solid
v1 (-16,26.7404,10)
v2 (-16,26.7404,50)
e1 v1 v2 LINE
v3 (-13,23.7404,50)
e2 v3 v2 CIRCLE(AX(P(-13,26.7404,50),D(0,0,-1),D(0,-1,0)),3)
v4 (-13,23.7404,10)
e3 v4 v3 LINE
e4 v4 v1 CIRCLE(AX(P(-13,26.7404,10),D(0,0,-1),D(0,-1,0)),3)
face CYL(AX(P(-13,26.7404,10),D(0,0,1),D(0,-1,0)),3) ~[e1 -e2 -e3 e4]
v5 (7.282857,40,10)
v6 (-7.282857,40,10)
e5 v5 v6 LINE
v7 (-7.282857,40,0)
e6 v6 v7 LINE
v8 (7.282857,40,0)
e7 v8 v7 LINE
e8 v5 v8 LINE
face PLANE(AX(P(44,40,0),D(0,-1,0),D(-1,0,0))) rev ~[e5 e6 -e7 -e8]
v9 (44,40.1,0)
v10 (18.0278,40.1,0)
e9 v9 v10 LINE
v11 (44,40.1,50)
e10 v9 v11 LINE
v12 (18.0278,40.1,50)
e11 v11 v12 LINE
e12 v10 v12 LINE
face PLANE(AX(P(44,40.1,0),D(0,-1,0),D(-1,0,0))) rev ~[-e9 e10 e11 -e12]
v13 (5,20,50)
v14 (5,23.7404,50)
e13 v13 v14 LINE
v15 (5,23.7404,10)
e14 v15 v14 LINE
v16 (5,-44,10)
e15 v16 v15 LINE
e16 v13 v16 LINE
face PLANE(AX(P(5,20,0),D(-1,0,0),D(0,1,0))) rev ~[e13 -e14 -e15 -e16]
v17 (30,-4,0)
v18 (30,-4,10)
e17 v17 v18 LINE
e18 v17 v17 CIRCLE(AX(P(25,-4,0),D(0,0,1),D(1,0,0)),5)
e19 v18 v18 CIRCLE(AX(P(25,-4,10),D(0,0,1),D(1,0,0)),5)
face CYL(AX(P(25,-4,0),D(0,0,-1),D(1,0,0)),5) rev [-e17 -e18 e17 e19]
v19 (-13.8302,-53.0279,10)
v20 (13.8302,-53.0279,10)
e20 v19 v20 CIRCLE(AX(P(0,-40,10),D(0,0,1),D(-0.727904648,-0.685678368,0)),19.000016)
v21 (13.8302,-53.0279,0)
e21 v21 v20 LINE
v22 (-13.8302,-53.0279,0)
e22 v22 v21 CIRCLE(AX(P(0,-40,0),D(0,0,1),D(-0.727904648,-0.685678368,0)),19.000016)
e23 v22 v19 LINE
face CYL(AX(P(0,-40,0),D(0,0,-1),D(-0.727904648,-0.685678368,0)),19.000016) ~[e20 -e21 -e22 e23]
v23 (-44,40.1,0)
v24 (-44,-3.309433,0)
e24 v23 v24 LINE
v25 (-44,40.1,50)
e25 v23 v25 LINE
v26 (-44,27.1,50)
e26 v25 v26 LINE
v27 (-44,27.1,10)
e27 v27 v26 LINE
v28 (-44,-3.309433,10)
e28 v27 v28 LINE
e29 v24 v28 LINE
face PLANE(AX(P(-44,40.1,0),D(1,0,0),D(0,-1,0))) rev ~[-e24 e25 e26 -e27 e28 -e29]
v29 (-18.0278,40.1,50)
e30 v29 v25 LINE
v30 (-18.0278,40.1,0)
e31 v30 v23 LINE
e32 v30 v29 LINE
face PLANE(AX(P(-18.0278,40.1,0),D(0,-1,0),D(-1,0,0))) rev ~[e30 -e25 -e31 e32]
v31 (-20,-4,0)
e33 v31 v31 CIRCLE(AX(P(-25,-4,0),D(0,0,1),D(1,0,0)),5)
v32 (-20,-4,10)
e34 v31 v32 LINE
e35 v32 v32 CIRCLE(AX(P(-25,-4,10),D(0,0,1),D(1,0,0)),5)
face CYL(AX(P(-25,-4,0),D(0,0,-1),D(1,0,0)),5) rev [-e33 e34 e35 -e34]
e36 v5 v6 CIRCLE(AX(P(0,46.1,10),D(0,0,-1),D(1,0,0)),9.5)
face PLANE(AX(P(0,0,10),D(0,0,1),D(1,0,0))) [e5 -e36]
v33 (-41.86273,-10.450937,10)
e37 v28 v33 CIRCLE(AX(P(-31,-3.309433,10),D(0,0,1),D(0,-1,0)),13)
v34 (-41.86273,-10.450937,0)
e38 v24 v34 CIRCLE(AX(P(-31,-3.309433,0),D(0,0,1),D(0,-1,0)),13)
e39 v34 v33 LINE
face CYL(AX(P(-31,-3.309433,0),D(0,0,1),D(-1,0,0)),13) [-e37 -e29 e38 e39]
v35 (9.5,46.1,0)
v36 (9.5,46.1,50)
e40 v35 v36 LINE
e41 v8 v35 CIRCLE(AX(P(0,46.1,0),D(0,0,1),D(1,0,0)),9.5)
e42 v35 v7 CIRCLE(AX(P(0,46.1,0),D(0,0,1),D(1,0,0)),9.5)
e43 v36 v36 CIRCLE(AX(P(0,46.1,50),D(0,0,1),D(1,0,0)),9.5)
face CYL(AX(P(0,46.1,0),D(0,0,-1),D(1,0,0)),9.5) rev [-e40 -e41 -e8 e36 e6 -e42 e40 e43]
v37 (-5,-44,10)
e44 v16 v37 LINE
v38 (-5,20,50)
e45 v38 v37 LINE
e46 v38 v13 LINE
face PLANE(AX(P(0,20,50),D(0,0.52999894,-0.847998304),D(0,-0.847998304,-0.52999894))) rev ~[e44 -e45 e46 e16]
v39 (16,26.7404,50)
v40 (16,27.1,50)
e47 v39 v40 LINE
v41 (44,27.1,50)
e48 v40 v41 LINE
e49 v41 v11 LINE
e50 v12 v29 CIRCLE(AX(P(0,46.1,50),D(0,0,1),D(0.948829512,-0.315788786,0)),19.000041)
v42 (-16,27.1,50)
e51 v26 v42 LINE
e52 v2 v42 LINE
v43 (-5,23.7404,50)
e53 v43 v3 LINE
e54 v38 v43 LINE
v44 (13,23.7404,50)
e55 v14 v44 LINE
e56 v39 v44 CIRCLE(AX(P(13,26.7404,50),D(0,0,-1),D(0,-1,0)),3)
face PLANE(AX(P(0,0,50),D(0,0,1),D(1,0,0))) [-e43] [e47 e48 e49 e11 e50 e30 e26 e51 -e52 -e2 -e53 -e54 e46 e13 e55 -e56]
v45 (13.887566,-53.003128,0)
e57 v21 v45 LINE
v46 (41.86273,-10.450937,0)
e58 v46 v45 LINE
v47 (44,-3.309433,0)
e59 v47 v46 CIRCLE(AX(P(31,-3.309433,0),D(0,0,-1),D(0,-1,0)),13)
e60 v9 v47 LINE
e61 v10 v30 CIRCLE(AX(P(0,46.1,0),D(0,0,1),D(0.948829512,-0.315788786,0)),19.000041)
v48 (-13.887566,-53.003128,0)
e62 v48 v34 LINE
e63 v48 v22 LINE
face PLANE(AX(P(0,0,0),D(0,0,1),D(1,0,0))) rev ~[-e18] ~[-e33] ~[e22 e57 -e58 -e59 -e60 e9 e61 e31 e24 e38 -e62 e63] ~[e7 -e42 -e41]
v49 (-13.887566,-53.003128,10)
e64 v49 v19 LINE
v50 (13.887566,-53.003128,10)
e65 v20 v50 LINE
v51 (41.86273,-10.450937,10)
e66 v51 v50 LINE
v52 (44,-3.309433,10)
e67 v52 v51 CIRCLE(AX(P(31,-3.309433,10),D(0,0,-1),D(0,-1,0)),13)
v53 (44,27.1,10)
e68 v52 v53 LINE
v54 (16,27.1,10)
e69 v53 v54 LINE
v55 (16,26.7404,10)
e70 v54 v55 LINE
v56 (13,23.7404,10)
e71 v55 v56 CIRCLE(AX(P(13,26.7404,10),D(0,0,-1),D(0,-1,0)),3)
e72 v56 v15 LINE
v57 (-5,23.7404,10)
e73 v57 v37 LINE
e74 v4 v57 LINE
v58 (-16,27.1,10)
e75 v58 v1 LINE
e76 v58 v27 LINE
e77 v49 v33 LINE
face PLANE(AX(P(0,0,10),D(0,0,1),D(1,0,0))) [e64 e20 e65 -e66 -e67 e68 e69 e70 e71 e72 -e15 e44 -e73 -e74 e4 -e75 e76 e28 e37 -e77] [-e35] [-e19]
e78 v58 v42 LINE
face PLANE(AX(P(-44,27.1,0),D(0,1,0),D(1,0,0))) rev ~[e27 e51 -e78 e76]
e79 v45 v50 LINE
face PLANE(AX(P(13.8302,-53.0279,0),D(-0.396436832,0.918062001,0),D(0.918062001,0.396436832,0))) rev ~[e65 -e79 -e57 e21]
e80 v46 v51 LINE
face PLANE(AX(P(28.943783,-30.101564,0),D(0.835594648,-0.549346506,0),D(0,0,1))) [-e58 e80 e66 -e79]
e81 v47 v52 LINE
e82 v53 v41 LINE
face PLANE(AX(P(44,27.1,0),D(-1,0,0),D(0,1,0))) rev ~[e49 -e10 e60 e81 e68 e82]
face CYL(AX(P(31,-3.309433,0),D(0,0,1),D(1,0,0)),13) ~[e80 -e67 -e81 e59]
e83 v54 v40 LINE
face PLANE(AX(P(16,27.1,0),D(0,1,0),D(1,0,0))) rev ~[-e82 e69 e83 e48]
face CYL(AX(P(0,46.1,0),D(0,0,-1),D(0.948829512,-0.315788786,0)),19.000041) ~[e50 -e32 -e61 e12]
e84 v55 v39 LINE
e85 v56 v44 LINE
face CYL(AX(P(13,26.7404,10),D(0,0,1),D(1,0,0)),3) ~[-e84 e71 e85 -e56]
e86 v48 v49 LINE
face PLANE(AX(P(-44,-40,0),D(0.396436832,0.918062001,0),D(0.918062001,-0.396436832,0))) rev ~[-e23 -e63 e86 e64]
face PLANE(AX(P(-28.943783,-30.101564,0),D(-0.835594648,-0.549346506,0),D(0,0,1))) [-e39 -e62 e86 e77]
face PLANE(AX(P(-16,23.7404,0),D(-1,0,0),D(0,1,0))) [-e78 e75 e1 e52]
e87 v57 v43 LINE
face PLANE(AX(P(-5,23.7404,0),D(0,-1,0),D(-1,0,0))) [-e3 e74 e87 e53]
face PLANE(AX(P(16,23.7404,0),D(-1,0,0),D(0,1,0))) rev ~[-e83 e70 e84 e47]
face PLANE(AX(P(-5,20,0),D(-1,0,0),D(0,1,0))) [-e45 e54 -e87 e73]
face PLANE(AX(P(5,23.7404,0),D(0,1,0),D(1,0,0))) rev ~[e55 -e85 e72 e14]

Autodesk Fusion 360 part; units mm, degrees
sketch "Sketch1" plane through (0, 0, 0) normal (0, 0, 1) x (1, 0, 0)
  line L0 (44, 40) -> (-44, 40)
  line L1 (-44, 40) -> (-44, -40)
  line L2 (44, -40) -> (44, 40)
  circle A0 centre (25, -4) radius 5
  circle A1 centre (-25, -4) radius 5
  arc A2 (-13.8302, -53.0279) -> (13.8302, -53.0279) centre (0, -40) ccw
  line L3 (-44, -40) -> (-13.8302, -53.0279)
  line L4 (13.8302, -53.0279) -> (44, -40)
  dimension "d1" = 88
  dimension "d2" = 80
  dimension "d7" = 10
  dimension "d8" = 10
  dimension "d9" = 19
extrude "Extrude1" add sketch "Sketch1" along normal blind 10
chamfer "Chamfer1" distance 32.8 angle 45 2 edges at (-44, -40, 5) (44, -40, 5)
fillet "Fillet1" radius 13 2 edges at (-44, -7.2, 5) (44, -7.2, 5)
sketch "Sketch2" plane through (0, 0, 0) normal (1, 0, 0) x (0, 1, 0)
  line L0 (40, 10) -> (40, 0) construction
  line L1 (20, 10) -> (20, 50)
  line L2 (20, 10) -> (-44, 10)
  line L3 (20, 50) -> (-44, 10)
  dimension "d15" = 20
  dimension "d16" = 64
  dimension "d17" = 40
extrude "Extrude2" add sketch "Sketch2" along normal mid plane 10
sketch "Sketch3" plane through (0, 0, 0) normal (0, 0, 1) x (1, 0, 0)
  line L0 (-44, 40.1) -> (-44, 27.1)
  line L1 (44, 27.1) -> (44, 40.1)
  circle A0 centre (0, 46.1) radius 9.5
  line L2 (5, 23.7404) -> (16, 23.7404)
  line L3 (16, 23.7404) -> (5, 23.7404)
  line L4 (-5, 23.7404) -> (-16, 23.7404)
  line L5 (-16, 23.7404) -> (-16, 27.1)
  line L6 (16, 23.7404) -> (16, 27.1)
  line L7 (5, 20) -> (5, 23.7404)
  line L8 (-5, 20) -> (-5, 23.7404)
  arc A1 (18.0278, 40.1) -> (-18.0278, 40.1) centre (0, 46.1) ccw
  line L9 (-5, 20) -> (5, 20)
  line L10 (44, 40.1) -> (18.0278, 40.1)
  line L11 (-18.0278, 40.1) -> (-44, 40.1)
  line L12 (-44, 27.1) -> (-16, 27.1)
  line L13 (16, 27.1) -> (44, 27.1)
  dimension "d20" = 13
  dimension "d22" = 19
  dimension "d23" = 19
extrude "Extrude3" add sketch "Sketch3" along normal blind 50
fillet "Fillet2" radius 3 2 edges at (-16, 23.7404, 30) (16, 23.7404, 30)
equation "d2 = 67 mm + 13 mm"
